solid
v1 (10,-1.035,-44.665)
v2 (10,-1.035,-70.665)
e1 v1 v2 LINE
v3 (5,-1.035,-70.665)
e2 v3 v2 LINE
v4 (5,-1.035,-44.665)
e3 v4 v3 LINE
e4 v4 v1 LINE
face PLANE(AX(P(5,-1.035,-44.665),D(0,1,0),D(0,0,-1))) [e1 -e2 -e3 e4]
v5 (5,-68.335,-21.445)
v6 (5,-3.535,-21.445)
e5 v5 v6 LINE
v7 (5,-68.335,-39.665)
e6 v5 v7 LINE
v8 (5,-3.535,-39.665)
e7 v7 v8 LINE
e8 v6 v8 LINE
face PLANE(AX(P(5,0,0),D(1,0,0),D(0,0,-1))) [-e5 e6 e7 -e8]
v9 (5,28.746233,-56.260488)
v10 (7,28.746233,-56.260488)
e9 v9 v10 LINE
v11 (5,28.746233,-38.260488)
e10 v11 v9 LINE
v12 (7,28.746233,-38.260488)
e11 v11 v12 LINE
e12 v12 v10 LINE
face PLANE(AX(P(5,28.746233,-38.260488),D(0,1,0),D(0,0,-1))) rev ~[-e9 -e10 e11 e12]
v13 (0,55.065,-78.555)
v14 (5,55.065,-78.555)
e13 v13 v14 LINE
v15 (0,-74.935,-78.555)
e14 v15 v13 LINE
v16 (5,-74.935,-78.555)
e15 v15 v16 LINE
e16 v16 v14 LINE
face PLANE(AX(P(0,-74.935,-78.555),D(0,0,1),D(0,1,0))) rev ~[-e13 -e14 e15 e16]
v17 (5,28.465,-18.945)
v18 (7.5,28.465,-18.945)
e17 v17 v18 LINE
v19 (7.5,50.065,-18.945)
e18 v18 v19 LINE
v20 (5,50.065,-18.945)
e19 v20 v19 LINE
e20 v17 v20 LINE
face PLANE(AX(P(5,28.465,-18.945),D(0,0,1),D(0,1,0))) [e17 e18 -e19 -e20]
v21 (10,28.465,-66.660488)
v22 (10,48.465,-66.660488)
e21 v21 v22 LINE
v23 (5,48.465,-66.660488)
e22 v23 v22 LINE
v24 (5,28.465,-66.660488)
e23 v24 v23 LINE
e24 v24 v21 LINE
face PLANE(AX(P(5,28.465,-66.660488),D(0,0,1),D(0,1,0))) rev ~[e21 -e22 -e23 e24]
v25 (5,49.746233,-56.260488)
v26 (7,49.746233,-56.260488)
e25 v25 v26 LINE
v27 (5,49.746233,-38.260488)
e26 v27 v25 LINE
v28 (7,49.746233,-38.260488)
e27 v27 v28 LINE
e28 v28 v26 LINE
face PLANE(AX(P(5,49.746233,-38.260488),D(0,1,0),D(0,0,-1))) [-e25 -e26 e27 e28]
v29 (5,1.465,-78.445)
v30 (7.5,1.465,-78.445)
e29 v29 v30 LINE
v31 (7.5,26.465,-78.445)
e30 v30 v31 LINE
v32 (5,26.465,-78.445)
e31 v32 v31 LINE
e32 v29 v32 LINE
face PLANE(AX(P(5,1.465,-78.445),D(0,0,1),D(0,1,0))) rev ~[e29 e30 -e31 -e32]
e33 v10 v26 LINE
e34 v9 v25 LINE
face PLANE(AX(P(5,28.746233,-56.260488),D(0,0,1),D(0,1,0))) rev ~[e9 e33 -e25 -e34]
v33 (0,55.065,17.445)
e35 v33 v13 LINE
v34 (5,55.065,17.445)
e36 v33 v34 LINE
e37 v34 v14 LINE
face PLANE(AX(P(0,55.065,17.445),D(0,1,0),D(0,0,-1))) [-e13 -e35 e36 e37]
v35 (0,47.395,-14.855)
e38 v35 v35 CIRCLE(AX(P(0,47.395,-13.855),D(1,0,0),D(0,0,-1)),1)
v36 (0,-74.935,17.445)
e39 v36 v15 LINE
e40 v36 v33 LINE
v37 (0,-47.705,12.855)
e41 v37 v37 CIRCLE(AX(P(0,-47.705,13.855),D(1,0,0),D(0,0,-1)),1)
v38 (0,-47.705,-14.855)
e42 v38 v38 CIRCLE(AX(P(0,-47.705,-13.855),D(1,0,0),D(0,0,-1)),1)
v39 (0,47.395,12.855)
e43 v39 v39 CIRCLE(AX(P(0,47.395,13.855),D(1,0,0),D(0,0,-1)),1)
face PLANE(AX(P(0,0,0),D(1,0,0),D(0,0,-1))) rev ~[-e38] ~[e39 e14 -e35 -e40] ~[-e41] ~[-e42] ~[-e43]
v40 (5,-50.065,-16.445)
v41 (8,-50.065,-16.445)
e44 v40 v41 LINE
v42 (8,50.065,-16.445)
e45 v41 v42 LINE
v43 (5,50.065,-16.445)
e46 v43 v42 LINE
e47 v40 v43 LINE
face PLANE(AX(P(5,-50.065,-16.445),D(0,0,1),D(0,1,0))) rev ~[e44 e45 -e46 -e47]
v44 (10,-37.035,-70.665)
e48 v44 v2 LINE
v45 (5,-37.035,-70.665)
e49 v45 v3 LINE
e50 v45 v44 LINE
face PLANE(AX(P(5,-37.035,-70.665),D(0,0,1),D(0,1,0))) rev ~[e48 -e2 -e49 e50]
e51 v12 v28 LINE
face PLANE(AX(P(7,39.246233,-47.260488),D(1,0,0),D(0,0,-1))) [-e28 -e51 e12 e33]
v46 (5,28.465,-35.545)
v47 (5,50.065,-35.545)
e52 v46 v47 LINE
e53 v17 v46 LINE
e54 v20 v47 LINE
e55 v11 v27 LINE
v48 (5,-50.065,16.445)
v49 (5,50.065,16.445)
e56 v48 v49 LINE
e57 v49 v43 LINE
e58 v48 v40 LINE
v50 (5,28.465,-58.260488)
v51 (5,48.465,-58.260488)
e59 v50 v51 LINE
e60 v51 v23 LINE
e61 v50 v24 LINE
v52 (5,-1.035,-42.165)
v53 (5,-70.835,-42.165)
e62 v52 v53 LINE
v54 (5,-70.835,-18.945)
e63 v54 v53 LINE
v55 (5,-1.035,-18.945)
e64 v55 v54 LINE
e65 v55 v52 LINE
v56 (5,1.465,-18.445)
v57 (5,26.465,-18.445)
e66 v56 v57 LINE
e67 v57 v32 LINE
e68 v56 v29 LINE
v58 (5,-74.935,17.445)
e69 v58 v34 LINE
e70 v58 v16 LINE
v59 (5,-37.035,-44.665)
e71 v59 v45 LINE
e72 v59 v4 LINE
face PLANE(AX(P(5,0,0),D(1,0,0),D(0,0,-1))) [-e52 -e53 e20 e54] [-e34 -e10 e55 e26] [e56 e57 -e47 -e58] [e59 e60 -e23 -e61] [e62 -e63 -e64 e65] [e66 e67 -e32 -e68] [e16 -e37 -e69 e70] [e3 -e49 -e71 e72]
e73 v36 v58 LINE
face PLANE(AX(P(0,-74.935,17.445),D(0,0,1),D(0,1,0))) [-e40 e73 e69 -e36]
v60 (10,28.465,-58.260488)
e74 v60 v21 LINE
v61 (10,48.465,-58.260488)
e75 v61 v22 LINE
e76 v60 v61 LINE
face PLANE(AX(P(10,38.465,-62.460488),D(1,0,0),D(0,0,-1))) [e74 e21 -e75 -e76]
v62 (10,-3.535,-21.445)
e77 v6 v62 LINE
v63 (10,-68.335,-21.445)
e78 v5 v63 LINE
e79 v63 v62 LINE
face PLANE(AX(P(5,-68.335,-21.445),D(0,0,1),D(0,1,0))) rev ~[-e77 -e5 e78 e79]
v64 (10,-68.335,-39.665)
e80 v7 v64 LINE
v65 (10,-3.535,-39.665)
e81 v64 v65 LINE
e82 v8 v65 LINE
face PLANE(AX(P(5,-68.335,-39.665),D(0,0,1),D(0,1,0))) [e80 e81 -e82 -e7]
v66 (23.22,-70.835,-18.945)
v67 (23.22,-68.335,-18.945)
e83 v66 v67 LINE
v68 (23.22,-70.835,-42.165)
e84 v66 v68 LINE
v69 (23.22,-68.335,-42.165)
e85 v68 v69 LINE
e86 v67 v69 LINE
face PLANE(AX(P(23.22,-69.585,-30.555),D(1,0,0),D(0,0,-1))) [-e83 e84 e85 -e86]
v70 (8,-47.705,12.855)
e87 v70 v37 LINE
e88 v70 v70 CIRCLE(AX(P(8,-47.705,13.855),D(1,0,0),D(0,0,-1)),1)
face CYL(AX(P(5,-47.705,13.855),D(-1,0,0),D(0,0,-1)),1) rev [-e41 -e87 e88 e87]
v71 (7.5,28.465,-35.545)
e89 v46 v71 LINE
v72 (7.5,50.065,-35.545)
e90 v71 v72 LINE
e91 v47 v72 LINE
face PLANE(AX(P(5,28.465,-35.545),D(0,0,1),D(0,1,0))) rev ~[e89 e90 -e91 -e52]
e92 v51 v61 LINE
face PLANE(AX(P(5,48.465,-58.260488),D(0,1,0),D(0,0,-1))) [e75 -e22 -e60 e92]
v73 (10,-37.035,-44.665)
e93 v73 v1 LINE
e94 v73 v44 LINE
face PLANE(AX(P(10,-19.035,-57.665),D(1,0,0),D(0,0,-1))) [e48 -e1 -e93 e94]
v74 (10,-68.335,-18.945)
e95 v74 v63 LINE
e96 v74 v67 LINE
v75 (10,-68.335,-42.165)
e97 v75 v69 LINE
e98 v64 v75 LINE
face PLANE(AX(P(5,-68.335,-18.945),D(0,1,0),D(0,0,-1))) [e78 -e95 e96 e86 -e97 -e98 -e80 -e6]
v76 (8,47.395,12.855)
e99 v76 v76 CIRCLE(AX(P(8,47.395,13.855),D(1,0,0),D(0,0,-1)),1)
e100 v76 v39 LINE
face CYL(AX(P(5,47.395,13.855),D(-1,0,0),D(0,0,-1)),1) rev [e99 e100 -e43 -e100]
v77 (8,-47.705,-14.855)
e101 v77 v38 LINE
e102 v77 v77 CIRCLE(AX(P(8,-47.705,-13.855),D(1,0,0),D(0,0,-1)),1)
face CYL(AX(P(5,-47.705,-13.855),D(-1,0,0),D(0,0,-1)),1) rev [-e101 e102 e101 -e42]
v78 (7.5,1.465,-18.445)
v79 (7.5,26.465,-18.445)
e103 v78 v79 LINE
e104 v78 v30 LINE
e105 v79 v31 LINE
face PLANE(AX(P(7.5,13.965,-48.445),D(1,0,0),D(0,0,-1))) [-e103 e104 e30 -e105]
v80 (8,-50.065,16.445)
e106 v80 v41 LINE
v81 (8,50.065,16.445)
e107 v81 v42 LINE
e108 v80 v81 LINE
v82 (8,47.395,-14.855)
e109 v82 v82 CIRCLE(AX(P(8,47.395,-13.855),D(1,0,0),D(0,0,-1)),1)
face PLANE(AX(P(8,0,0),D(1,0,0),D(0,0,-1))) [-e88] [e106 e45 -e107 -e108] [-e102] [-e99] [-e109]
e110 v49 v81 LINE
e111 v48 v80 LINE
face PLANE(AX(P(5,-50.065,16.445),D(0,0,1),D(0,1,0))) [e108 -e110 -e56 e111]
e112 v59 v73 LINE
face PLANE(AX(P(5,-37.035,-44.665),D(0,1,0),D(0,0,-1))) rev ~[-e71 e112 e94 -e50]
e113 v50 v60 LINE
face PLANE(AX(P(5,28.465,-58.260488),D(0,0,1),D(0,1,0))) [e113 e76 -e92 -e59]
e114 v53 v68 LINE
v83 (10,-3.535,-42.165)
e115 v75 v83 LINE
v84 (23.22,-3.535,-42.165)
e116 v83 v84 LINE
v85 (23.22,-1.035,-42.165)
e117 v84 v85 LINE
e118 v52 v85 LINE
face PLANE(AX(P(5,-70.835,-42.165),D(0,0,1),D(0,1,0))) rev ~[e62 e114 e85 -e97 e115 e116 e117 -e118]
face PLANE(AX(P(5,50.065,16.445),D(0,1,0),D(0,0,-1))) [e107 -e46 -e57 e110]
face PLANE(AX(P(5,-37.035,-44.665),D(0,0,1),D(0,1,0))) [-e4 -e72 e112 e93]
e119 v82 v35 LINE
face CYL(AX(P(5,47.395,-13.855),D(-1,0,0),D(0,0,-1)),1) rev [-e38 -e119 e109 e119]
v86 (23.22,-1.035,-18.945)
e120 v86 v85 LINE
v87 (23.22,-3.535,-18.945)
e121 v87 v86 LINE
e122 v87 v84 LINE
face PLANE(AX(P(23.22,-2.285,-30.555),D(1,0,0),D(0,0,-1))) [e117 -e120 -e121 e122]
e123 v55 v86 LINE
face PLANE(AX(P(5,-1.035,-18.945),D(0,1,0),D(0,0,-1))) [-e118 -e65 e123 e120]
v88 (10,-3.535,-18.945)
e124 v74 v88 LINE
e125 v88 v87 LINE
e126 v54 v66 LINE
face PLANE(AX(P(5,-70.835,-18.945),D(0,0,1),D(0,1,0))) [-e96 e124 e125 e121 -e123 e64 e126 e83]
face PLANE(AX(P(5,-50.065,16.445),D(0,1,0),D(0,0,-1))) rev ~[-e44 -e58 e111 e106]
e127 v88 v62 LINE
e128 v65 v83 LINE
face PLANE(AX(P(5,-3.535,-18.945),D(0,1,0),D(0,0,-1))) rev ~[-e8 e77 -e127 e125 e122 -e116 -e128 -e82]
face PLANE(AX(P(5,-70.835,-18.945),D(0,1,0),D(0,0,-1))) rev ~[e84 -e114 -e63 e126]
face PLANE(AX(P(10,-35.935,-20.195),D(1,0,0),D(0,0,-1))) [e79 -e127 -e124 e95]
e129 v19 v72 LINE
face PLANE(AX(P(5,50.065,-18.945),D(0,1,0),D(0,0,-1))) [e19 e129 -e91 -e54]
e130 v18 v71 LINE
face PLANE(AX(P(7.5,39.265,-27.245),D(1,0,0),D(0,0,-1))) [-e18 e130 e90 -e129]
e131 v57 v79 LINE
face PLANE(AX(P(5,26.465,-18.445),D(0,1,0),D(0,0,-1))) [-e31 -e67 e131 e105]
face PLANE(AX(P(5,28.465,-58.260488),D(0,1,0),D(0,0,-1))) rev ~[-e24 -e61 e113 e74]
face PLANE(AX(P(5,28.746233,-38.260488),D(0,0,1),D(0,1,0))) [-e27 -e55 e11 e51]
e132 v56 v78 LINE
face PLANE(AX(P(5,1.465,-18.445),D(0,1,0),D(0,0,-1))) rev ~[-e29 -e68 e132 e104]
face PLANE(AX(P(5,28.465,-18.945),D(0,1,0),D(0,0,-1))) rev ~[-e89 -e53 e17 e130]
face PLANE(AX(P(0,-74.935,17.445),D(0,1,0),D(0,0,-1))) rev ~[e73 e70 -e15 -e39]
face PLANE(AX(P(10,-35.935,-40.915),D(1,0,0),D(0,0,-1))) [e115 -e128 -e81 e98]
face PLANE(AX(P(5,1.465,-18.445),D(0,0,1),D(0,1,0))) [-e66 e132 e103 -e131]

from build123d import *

# Parameters (mm, degrees)
SKETCH1_W            = 96
SKETCH1_H            = 130
SKETCH1_W_2          = 32.89
SKETCH1_H_2          = 100.13
SKETCH1_R            = 1
BOSS_EXTRUDE1_DEPTH  = 5
SKETCH3_W            = 32.89
SKETCH3_H            = 100.13
SKETCH3_R            = 1
BOSS_EXTRUDE3_DEPTH  = 3
SKETCH4_W            = 16.6
SKETCH4_H            = 21.6
BOSS_EXTRUDE4_DEPTH  = 2.5
SKETCH5_W            = 60
SKETCH5_H            = 25
BOSS_EXTRUDE5_DEPTH  = 2.5
SKETCH6_W            = 18
SKETCH6_H            = 21
BOSS_EXTRUDE6_DEPTH  = 2
SKETCH7_W            = 8.4
SKETCH7_H            = 20
BOSS_EXTRUDE7_DEPTH  = 5
SKETCH9_W            = 2.5
SKETCH9_H            = 64.8
BOSS_EXTRUDE8_DEPTH  = 5
SKETCH10_W           = 23.22
SKETCH10_H           = 2.5
BOSS_EXTRUDE9_DEPTH  = 18.22
SKETCH12_W           = 26
SKETCH12_H           = 36
BOSS_EXTRUDE11_DEPTH = 5
SKETCH11_W           = 26
SKETCH11_H           = 36
BOSS_EXTRUDE10_DEPTH = 5


with BuildPart() as part:
    # Sketch1 → Boss-Extrude1 (new body)
    # profile 1 of 2: a face of its own
    with BuildSketch(Plane(origin=(0, 0, 0), x_dir=(0, 0, -1), z_dir=(1, 0, 0))):
        with Locations((30.555, -9.935)):
            Rectangle(SKETCH1_W, SKETCH1_H)
        Rectangle(SKETCH1_W_2, SKETCH1_H_2, mode=Mode.SUBTRACT)
    # profile 2 of 2: a face of its own
    with BuildSketch(Plane(origin=(0, 0, 0), x_dir=(0, 0, -1), z_dir=(1, 0, 0))):
        Rectangle(SKETCH1_W_2, SKETCH1_H_2)
        with Locations((-13.855, -47.705)):
            Circle(SKETCH1_R, mode=Mode.SUBTRACT)
        with Locations((13.855, -47.705)):
            Circle(SKETCH1_R, mode=Mode.SUBTRACT)
        with Locations((13.855, 47.395)):
            Circle(SKETCH1_R, mode=Mode.SUBTRACT)
        with Locations((-13.855, 47.395)):
            Circle(SKETCH1_R, mode=Mode.SUBTRACT)
    extrude(amount=BOSS_EXTRUDE1_DEPTH)

    # Sketch3 → Boss-Extrude3 (add)
    with BuildSketch(Plane(origin=(5, 0, 0), x_dir=(0, 0, -1), z_dir=(1, 0, 0))):
        Rectangle(SKETCH3_W, SKETCH3_H)
        with Locations((-13.855, 47.395)):
            Circle(SKETCH3_R, mode=Mode.SUBTRACT)
        with Locations((13.855, 47.395)):
            Circle(SKETCH3_R, mode=Mode.SUBTRACT)
        with Locations((13.855, -47.705)):
            Circle(SKETCH3_R, mode=Mode.SUBTRACT)
        with Locations((-13.855, -47.705)):
            Circle(SKETCH3_R, mode=Mode.SUBTRACT)
    extrude(amount=BOSS_EXTRUDE3_DEPTH)

    # Sketch4 → Boss-Extrude4 (add)
    with BuildSketch(Plane(origin=(5, 0, 0), x_dir=(0, 0, -1), z_dir=(1, 0, 0))):
        with Locations((27.245, 39.265)):
            Rectangle(SKETCH4_W, SKETCH4_H)
    extrude(amount=BOSS_EXTRUDE4_DEPTH)

    # Sketch5 → Boss-Extrude5 (add)
    with BuildSketch(Plane(origin=(5, 0, 0), x_dir=(0, 0, -1), z_dir=(1, 0, 0))):
        with Locations((48.445, 13.965)):
            Rectangle(SKETCH5_W, SKETCH5_H)
    extrude(amount=BOSS_EXTRUDE5_DEPTH)

    # Sketch6 → Boss-Extrude6 (add)
    with BuildSketch(Plane(origin=(5, 0, 0), x_dir=(0, 0, -1), z_dir=(1, 0, 0))):
        with Locations((47.260487744, 39.246233232)):
            Rectangle(SKETCH6_W, SKETCH6_H)
    extrude(amount=BOSS_EXTRUDE6_DEPTH)

    # Sketch7 → Boss-Extrude7 (add)
    with BuildSketch(Plane(origin=(5, 0, 0), x_dir=(0, 0, -1), z_dir=(1, 0, 0))):
        with Locations((62.460487744, 38.465)):
            Rectangle(SKETCH7_W, SKETCH7_H)
    extrude(amount=BOSS_EXTRUDE7_DEPTH)

    # Sketch9 → Boss-Extrude8 (add)
    with BuildSketch(Plane(origin=(5, 0, 0), x_dir=(0, 0, -1), z_dir=(1, 0, 0))):
        with Locations((20.195, -35.935)):
            Rectangle(SKETCH9_W, SKETCH9_H)
        with Locations((40.915, -35.935)):
            Rectangle(SKETCH9_W, SKETCH9_H)
    extrude(amount=BOSS_EXTRUDE8_DEPTH)

    # Sketch10 → Boss-Extrude9 (add)
    with BuildSketch(Plane(origin=(5, 0, 0), x_dir=(0, 0, -1), z_dir=(1, 0, 0))):
        with Locations((30.555, -69.585)):
            Rectangle(SKETCH10_W, SKETCH10_H)
        with Locations((30.555, -2.285)):
            Rectangle(SKETCH10_W, SKETCH10_H)
    extrude(amount=BOSS_EXTRUDE9_DEPTH)

    # Sketch12 → Boss-Extrude11 (add)
    with BuildSketch(Plane(origin=(5, 0, 0), x_dir=(0, 0, -1), z_dir=(1, 0, 0))):
        with Locations((57.665, -19.035)):
            Rectangle(SKETCH12_W, SKETCH12_H)
    extrude(amount=BOSS_EXTRUDE11_DEPTH)

    # Sketch11 → Boss-Extrude10 (add)
    with BuildSketch(Plane(origin=(5, 0, 0), x_dir=(0, 0, -1), z_dir=(1, 0, 0))):
        with Locations((57.665, -19.035)):
            Rectangle(SKETCH11_W, SKETCH11_H)
    extrude(amount=BOSS_EXTRUDE10_DEPTH)


solid = part.part
